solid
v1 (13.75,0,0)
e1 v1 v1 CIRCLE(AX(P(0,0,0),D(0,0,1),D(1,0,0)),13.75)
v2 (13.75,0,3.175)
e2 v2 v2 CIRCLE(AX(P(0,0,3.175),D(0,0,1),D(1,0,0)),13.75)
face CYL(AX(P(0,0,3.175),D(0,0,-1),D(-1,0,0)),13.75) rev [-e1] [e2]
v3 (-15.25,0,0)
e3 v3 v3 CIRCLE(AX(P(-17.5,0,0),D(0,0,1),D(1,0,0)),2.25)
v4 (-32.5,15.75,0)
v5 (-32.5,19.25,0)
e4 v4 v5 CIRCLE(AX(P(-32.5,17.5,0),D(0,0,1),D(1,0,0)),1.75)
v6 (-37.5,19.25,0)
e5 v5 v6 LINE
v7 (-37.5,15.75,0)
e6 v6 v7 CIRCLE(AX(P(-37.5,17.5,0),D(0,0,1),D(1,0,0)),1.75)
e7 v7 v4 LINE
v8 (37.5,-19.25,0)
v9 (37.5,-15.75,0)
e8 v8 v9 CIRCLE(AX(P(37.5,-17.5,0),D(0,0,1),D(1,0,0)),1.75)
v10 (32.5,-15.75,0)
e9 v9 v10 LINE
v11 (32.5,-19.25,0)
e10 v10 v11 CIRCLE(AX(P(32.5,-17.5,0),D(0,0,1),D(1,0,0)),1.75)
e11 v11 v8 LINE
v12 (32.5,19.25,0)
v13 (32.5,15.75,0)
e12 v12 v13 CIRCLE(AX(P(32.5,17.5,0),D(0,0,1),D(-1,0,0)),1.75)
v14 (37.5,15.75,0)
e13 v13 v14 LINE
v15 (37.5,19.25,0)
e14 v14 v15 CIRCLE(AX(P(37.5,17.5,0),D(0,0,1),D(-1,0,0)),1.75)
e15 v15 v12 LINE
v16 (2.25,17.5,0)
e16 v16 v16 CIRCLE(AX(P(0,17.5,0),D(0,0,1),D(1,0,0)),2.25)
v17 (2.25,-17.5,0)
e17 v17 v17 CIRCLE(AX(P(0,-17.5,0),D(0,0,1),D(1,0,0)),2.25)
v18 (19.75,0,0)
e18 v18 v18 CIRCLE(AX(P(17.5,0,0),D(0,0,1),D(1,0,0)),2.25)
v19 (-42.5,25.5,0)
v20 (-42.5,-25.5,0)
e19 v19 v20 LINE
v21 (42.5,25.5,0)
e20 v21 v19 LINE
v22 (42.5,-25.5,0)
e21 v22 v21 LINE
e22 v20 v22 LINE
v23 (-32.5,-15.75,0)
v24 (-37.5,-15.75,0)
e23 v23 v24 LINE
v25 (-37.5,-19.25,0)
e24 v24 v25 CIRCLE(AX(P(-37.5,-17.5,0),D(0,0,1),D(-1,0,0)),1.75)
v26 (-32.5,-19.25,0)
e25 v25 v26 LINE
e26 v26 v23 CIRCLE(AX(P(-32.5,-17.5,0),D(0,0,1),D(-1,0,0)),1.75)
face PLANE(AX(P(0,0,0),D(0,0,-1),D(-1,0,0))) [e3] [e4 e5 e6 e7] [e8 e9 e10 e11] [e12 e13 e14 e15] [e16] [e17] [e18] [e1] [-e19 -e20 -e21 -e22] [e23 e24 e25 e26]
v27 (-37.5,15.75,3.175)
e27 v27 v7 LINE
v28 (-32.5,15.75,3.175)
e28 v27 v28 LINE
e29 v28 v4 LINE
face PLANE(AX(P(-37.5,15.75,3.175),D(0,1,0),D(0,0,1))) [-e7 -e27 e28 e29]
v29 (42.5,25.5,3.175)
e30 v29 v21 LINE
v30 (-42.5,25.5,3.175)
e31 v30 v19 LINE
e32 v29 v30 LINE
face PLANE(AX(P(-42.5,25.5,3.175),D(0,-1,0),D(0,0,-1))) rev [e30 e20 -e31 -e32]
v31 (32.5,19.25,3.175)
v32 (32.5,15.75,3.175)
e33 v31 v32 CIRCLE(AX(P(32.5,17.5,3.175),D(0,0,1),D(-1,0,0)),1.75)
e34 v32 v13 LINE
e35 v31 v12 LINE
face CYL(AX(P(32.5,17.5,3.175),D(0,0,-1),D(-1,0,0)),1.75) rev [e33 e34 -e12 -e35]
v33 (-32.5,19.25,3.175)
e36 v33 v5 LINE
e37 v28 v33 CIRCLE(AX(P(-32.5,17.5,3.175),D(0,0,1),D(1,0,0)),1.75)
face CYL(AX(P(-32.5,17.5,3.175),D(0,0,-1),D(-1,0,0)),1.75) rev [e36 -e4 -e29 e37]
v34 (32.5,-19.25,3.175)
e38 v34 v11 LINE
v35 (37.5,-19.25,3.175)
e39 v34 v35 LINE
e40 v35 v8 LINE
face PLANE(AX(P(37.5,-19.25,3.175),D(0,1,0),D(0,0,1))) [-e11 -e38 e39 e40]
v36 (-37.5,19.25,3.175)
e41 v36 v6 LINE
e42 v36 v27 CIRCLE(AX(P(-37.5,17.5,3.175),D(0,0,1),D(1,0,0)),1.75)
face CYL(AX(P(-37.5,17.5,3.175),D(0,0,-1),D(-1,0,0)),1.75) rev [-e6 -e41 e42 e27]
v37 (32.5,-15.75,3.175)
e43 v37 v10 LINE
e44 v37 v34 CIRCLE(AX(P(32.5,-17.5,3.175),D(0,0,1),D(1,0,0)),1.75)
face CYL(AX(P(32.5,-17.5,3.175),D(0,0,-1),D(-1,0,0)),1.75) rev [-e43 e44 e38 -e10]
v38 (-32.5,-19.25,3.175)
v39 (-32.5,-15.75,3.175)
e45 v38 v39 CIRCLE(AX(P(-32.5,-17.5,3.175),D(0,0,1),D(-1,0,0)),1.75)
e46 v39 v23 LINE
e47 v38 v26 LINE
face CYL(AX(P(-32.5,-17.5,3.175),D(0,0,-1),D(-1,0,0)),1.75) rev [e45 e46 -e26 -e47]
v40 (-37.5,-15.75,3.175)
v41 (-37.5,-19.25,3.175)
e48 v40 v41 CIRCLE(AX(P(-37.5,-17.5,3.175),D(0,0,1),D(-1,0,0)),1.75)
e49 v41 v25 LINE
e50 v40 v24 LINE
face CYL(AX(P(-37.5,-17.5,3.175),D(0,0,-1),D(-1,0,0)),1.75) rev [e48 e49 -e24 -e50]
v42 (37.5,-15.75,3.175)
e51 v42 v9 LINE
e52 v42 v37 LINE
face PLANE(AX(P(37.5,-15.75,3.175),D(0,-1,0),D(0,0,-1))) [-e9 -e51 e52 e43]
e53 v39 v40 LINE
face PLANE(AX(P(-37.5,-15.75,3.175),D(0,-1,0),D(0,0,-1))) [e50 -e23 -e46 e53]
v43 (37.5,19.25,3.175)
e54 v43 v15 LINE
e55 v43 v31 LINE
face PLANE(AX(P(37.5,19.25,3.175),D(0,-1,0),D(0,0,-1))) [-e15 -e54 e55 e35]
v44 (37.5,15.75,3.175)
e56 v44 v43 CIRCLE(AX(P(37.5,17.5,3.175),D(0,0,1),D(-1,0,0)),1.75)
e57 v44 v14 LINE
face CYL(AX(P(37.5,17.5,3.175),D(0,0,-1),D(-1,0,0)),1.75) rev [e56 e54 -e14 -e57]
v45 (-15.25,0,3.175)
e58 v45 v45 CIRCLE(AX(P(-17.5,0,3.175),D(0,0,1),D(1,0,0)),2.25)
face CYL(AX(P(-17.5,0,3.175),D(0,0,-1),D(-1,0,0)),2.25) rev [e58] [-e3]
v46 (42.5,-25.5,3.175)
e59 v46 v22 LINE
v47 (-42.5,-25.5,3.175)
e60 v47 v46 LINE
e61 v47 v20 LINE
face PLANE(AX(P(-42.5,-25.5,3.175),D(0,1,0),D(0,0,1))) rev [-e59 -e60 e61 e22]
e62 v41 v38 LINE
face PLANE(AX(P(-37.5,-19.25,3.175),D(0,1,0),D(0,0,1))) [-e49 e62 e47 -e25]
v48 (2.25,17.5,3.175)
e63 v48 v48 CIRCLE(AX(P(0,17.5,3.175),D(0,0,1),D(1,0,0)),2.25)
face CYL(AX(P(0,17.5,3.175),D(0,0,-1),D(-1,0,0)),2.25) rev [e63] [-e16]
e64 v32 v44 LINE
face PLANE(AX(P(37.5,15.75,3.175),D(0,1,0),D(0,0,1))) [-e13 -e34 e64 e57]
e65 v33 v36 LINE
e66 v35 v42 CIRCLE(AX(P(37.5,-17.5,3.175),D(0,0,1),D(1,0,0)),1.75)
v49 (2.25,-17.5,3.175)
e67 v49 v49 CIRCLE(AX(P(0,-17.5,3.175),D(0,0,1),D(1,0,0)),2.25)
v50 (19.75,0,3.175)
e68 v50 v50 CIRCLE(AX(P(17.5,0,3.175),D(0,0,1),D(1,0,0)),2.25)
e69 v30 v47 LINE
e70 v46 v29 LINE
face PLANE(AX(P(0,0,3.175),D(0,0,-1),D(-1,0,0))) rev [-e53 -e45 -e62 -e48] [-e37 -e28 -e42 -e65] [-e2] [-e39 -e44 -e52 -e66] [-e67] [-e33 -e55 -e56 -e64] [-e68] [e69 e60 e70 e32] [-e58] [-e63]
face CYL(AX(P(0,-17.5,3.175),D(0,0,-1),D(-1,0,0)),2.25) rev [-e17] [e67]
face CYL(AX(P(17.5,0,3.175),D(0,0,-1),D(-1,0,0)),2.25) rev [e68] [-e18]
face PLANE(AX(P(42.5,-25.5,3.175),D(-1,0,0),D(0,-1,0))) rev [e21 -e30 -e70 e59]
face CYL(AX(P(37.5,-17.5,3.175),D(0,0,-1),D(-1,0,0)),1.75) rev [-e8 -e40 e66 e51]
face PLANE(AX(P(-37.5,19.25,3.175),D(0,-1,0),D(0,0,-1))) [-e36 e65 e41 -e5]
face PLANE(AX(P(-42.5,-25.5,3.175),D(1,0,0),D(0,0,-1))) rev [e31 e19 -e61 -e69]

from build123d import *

# Parameters (mm, degrees)
SKETCH1_W           = 85
SKETCH1_H           = 51
SKETCH1_R           = 13.75
SKETCH1_R_2         = 2.25
BOSS_EXTRUDE1_DEPTH = 3.175


with BuildPart() as part:
    # Sketch1 → Boss-Extrude1 (new body)
    with BuildSketch(Plane.XY):
        Rectangle(SKETCH1_W, SKETCH1_H)
        Circle(SKETCH1_R, mode=Mode.SUBTRACT)
        with Locations((0, 17.5)):
            Circle(SKETCH1_R_2, mode=Mode.SUBTRACT)
        with Locations((17.5, 0)):
            Circle(SKETCH1_R_2, mode=Mode.SUBTRACT)
        with Locations((0, -17.5)):
            Circle(SKETCH1_R_2, mode=Mode.SUBTRACT)
        with Locations((-17.5, 0)):
            Circle(SKETCH1_R_2, mode=Mode.SUBTRACT)
        with BuildLine():
            Line((-37.5, 19.25), (-32.5, 19.25))
            ThreePointArc((-32.5, 19.25), (-30.75, 17.5), (-32.5, 15.75))
            Line((-32.5, 15.75), (-37.5, 15.75))
            ThreePointArc((-37.5, 15.75), (-39.25, 17.5), (-37.5, 19.25))
        make_face(mode=Mode.SUBTRACT)
        with BuildLine():
            Line((37.5, 19.25), (32.5, 19.25))
            ThreePointArc((32.5, 19.25), (30.75, 17.5), (32.5, 15.75))
            Line((32.5, 15.75), (37.5, 15.75))
            ThreePointArc((37.5, 15.75), (39.25, 17.5), (37.5, 19.25))
        make_face(mode=Mode.SUBTRACT)
        with BuildLine():
            Line((37.5, -19.25), (32.5, -19.25))
            ThreePointArc((32.5, -19.25), (30.75, -17.5), (32.5, -15.75))
            Line((32.5, -15.75), (37.5, -15.75))
            ThreePointArc((37.5, -15.75), (39.25, -17.5), (37.5, -19.25))
        make_face(mode=Mode.SUBTRACT)
        with BuildLine():
            Line((-37.5, -19.25), (-32.5, -19.25))
            ThreePointArc((-32.5, -19.25), (-30.75, -17.5), (-32.5, -15.75))
            Line((-32.5, -15.75), (-37.5, -15.75))
            ThreePointArc((-37.5, -15.75), (-39.25, -17.5), (-37.5, -19.25))
        make_face(mode=Mode.SUBTRACT)
    extrude(amount=BOSS_EXTRUDE1_DEPTH)


solid = part.part
